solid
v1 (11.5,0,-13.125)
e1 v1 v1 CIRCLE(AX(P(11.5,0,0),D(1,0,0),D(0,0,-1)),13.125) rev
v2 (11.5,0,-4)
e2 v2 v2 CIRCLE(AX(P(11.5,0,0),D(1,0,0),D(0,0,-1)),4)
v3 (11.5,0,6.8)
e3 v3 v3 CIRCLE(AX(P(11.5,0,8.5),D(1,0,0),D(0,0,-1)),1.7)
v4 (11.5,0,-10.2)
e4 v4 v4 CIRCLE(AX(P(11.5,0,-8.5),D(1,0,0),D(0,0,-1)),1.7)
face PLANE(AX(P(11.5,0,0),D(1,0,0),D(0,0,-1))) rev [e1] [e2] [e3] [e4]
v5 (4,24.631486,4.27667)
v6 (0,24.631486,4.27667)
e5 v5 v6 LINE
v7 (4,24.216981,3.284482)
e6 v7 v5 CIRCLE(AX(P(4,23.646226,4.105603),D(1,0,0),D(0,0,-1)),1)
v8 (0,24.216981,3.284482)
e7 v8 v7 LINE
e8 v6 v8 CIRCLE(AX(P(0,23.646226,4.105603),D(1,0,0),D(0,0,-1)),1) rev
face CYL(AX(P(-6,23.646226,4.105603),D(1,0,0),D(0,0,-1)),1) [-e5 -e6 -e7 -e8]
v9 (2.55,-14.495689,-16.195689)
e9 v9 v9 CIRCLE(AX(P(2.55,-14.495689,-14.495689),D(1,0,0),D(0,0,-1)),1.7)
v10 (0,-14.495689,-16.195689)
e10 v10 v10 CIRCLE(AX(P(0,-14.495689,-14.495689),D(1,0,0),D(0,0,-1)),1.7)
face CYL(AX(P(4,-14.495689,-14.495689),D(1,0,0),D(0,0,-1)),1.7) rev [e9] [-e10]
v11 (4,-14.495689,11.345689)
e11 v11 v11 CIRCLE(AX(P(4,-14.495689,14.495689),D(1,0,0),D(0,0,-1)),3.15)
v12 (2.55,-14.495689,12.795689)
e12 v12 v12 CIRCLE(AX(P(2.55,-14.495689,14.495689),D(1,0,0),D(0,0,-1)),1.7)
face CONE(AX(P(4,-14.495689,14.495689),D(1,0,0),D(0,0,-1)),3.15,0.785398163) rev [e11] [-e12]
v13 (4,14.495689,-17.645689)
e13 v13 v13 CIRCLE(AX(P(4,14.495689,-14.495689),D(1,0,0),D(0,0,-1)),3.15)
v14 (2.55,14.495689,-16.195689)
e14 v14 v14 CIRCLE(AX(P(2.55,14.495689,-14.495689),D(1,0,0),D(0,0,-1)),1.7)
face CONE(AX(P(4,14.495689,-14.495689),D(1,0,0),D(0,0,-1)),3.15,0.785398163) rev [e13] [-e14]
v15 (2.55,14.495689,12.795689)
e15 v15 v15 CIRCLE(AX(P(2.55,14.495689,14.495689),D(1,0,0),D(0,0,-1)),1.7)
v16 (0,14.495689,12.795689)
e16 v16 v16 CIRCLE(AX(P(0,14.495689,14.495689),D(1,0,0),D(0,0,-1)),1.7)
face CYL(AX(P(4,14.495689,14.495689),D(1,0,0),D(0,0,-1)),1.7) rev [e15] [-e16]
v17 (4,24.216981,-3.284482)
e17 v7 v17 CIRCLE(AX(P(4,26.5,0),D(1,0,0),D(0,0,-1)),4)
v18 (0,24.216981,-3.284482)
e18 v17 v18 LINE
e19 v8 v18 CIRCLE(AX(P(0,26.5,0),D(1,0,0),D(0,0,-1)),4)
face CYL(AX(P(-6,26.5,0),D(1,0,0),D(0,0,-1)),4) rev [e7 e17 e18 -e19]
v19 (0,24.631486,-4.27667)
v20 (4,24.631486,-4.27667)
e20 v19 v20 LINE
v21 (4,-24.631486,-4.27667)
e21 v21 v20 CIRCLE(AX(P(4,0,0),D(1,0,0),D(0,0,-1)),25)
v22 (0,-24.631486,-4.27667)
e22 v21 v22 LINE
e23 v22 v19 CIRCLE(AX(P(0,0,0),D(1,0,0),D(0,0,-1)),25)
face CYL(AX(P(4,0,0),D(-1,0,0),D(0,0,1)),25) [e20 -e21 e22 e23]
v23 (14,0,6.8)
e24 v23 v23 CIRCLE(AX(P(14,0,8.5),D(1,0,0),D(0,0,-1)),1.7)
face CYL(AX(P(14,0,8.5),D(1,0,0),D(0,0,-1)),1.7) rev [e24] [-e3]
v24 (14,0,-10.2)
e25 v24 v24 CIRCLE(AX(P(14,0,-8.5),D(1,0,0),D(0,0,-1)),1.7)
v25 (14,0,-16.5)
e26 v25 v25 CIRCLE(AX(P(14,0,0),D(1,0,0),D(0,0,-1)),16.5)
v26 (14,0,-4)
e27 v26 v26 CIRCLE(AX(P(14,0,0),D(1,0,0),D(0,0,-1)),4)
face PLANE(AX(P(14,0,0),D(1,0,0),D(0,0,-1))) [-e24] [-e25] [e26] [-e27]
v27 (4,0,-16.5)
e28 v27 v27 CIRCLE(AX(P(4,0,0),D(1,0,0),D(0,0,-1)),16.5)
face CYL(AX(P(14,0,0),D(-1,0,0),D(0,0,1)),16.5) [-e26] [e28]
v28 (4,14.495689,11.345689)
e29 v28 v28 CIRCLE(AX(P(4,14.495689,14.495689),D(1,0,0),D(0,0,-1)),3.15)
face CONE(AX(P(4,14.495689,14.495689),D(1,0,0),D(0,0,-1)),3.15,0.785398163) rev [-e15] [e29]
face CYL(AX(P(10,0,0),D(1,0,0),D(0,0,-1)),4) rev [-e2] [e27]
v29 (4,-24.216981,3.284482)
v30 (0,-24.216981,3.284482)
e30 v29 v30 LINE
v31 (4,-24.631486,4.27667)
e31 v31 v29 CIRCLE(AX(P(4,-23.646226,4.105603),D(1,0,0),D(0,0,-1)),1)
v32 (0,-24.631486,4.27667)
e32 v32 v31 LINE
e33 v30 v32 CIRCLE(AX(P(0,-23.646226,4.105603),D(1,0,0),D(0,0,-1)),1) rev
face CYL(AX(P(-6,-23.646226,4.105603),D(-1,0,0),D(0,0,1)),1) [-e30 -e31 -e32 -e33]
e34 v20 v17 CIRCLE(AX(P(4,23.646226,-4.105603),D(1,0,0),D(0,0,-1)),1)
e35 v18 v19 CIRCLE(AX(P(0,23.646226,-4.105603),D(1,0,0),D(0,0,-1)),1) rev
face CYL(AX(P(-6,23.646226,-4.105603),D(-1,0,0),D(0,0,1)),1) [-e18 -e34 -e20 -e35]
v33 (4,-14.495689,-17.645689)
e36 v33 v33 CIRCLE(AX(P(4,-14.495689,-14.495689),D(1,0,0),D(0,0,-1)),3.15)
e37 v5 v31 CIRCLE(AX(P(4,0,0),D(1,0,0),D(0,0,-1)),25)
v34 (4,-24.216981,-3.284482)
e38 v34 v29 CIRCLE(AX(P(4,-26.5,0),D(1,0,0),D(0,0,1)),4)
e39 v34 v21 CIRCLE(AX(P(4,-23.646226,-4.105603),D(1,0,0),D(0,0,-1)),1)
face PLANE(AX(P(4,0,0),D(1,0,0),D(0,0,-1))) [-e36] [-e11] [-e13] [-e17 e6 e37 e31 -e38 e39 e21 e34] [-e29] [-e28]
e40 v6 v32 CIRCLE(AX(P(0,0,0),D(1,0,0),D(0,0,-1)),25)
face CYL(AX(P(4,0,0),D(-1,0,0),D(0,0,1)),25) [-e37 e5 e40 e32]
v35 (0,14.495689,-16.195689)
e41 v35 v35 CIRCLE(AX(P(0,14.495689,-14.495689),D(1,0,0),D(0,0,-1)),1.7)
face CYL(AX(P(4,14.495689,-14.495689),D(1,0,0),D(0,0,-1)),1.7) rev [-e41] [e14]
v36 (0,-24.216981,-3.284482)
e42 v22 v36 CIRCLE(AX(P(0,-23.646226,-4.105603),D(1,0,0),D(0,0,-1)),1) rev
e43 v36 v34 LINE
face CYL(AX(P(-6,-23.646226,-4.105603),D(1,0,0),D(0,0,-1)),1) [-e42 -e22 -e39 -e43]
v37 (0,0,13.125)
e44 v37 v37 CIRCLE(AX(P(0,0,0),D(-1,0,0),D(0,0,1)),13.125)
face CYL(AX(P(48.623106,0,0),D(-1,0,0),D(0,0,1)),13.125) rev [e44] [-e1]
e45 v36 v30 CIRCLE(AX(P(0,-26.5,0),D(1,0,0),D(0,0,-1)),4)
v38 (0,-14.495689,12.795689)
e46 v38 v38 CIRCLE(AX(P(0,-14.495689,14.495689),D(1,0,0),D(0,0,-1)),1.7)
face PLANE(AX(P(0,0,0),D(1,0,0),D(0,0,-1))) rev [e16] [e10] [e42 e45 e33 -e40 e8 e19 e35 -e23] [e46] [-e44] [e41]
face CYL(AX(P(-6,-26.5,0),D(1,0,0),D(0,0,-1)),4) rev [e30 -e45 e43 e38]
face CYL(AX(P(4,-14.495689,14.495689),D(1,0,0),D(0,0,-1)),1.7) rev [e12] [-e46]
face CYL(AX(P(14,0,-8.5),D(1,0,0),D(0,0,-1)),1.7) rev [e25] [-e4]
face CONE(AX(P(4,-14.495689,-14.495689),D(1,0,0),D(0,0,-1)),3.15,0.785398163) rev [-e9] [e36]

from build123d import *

# Parameters (mm, degrees)
SKETCH1_R                                       = 25
BOSS_EXTRUDE1_DEPTH                             = 4
SKETCH2_R                                       = 16.5
BOSS_EXTRUDE2_DEPTH                             = 10
SKETCH3_R                                       = 12.5
CUT_EXTRUDE1_DEPTH                              = 11.5
SKETCH4_R                                       = 4
CUT_EXTRUDE2_DEPTH                              = 4
M3_CLEARANCE_HOLE1_D                            = 3.4
M3_CLEARANCE_HOLE1_DEPTH                        = 10
CSK_FOR_M3_FLAT_HEAD_MACHINE_SCREW1_D           = 3.4
CSK_FOR_M3_FLAT_HEAD_MACHINE_SCREW1_CSINK_D     = 6.3
CSK_FOR_M3_FLAT_HEAD_MACHINE_SCREW1_CSINK_ANGLE = 90
CIRPATTERN1_COUNT                               = 4
SKETCH10_R                                      = 13.125
CUT_EXTRUDE3_DEPTH                              = 11.5
SKETCH12_R                                      = 4
CUT_EXTRUDE4_DEPTH                              = 10
FILLET1_R                                       = 1


with BuildPart() as part:
    # Sketch1 → Boss-Extrude1 (new body)
    with BuildSketch(Plane(origin=(0, 0, 0), x_dir=(0, 0, -1), z_dir=(1, 0, 0))):
        Circle(SKETCH1_R)
    extrude(amount=BOSS_EXTRUDE1_DEPTH)

    # Sketch2 → Boss-Extrude2 (add)
    with BuildSketch(Plane(origin=(4, 0, 0), x_dir=(0, 0, -1), z_dir=(1, 0, 0))):
        Circle(SKETCH2_R)
    extrude(amount=BOSS_EXTRUDE2_DEPTH)

    # Sketch3 → Cut-Extrude1 (cut)
    with BuildSketch(Plane.ZY):
        Circle(SKETCH3_R)
    extrude(amount=-CUT_EXTRUDE1_DEPTH, mode=Mode.SUBTRACT)

    # Sketch4 → Cut-Extrude2 (cut)
    with BuildSketch(Plane(origin=(14, 0, 0), x_dir=(0, 0, -1), z_dir=(1, 0, 0))):
        Circle(SKETCH4_R)
    extrude(amount=-CUT_EXTRUDE2_DEPTH, mode=Mode.SUBTRACT)

    # M3 Clearance Hole1
    with Locations(Plane(origin=(14, 0, 0), x_dir=(0, 0, -1), z_dir=(1, 0, 0))):
        with Locations((8.5, 0), (-8.5, 0)):
            Hole(M3_CLEARANCE_HOLE1_D / 2, depth=M3_CLEARANCE_HOLE1_DEPTH)

    # CSK for M3 Flat Head Machine Screw1 (through all)
    with Locations(Plane(origin=(4, 0, 0), x_dir=(0, 0, -1), z_dir=(1, 0, 0))):
        with Locations((-14.495689014, -14.495689014)):
            csk_for_m3_flat_head_machine_screw1 = CounterSinkHole(CSK_FOR_M3_FLAT_HEAD_MACHINE_SCREW1_D / 2, CSK_FOR_M3_FLAT_HEAD_MACHINE_SCREW1_CSINK_D / 2, counter_sink_angle=CSK_FOR_M3_FLAT_HEAD_MACHINE_SCREW1_CSINK_ANGLE)

    # CirPattern1: CSK for M3 Flat Head Machine Screw1 ×4 about axis
    cirpattern1_axis = Axis((0, 0, 0), (1, 0, 0))
    for i in range(1, CIRPATTERN1_COUNT):
        add(csk_for_m3_flat_head_machine_screw1.rotate(cirpattern1_axis, i * 360 / CIRPATTERN1_COUNT), mode=Mode.SUBTRACT)

    # Sketch10 → Cut-Extrude3 (cut)
    with BuildSketch(Plane.ZY):
        Circle(SKETCH10_R)
    extrude(amount=-CUT_EXTRUDE3_DEPTH, mode=Mode.SUBTRACT)

    # Sketch12 → Cut-Extrude4 (cut)
    with BuildSketch(Plane(origin=(4, 0, 0), x_dir=(0, 0, -1), z_dir=(1, 0, 0))):
        with Locations((0, 26.5)):
            Circle(SKETCH12_R)
        with Locations((0, -26.5)):
            Circle(SKETCH12_R)
    extrude(amount=-CUT_EXTRUDE4_DEPTH, mode=Mode.SUBTRACT)

    # Fillet1
    fillet1_edges = [part.edges().sort_by_distance(p)[0] for p in [
        (2, 24.740566038, -3.592268383),
        (2, 24.740566038, 3.592268383),
        (2, -24.740566038, 3.592268383),
        (2, -24.740566038, -3.592268383),
    ]]
    fillet(fillet1_edges, radius=FILLET1_R)


solid = part.part
